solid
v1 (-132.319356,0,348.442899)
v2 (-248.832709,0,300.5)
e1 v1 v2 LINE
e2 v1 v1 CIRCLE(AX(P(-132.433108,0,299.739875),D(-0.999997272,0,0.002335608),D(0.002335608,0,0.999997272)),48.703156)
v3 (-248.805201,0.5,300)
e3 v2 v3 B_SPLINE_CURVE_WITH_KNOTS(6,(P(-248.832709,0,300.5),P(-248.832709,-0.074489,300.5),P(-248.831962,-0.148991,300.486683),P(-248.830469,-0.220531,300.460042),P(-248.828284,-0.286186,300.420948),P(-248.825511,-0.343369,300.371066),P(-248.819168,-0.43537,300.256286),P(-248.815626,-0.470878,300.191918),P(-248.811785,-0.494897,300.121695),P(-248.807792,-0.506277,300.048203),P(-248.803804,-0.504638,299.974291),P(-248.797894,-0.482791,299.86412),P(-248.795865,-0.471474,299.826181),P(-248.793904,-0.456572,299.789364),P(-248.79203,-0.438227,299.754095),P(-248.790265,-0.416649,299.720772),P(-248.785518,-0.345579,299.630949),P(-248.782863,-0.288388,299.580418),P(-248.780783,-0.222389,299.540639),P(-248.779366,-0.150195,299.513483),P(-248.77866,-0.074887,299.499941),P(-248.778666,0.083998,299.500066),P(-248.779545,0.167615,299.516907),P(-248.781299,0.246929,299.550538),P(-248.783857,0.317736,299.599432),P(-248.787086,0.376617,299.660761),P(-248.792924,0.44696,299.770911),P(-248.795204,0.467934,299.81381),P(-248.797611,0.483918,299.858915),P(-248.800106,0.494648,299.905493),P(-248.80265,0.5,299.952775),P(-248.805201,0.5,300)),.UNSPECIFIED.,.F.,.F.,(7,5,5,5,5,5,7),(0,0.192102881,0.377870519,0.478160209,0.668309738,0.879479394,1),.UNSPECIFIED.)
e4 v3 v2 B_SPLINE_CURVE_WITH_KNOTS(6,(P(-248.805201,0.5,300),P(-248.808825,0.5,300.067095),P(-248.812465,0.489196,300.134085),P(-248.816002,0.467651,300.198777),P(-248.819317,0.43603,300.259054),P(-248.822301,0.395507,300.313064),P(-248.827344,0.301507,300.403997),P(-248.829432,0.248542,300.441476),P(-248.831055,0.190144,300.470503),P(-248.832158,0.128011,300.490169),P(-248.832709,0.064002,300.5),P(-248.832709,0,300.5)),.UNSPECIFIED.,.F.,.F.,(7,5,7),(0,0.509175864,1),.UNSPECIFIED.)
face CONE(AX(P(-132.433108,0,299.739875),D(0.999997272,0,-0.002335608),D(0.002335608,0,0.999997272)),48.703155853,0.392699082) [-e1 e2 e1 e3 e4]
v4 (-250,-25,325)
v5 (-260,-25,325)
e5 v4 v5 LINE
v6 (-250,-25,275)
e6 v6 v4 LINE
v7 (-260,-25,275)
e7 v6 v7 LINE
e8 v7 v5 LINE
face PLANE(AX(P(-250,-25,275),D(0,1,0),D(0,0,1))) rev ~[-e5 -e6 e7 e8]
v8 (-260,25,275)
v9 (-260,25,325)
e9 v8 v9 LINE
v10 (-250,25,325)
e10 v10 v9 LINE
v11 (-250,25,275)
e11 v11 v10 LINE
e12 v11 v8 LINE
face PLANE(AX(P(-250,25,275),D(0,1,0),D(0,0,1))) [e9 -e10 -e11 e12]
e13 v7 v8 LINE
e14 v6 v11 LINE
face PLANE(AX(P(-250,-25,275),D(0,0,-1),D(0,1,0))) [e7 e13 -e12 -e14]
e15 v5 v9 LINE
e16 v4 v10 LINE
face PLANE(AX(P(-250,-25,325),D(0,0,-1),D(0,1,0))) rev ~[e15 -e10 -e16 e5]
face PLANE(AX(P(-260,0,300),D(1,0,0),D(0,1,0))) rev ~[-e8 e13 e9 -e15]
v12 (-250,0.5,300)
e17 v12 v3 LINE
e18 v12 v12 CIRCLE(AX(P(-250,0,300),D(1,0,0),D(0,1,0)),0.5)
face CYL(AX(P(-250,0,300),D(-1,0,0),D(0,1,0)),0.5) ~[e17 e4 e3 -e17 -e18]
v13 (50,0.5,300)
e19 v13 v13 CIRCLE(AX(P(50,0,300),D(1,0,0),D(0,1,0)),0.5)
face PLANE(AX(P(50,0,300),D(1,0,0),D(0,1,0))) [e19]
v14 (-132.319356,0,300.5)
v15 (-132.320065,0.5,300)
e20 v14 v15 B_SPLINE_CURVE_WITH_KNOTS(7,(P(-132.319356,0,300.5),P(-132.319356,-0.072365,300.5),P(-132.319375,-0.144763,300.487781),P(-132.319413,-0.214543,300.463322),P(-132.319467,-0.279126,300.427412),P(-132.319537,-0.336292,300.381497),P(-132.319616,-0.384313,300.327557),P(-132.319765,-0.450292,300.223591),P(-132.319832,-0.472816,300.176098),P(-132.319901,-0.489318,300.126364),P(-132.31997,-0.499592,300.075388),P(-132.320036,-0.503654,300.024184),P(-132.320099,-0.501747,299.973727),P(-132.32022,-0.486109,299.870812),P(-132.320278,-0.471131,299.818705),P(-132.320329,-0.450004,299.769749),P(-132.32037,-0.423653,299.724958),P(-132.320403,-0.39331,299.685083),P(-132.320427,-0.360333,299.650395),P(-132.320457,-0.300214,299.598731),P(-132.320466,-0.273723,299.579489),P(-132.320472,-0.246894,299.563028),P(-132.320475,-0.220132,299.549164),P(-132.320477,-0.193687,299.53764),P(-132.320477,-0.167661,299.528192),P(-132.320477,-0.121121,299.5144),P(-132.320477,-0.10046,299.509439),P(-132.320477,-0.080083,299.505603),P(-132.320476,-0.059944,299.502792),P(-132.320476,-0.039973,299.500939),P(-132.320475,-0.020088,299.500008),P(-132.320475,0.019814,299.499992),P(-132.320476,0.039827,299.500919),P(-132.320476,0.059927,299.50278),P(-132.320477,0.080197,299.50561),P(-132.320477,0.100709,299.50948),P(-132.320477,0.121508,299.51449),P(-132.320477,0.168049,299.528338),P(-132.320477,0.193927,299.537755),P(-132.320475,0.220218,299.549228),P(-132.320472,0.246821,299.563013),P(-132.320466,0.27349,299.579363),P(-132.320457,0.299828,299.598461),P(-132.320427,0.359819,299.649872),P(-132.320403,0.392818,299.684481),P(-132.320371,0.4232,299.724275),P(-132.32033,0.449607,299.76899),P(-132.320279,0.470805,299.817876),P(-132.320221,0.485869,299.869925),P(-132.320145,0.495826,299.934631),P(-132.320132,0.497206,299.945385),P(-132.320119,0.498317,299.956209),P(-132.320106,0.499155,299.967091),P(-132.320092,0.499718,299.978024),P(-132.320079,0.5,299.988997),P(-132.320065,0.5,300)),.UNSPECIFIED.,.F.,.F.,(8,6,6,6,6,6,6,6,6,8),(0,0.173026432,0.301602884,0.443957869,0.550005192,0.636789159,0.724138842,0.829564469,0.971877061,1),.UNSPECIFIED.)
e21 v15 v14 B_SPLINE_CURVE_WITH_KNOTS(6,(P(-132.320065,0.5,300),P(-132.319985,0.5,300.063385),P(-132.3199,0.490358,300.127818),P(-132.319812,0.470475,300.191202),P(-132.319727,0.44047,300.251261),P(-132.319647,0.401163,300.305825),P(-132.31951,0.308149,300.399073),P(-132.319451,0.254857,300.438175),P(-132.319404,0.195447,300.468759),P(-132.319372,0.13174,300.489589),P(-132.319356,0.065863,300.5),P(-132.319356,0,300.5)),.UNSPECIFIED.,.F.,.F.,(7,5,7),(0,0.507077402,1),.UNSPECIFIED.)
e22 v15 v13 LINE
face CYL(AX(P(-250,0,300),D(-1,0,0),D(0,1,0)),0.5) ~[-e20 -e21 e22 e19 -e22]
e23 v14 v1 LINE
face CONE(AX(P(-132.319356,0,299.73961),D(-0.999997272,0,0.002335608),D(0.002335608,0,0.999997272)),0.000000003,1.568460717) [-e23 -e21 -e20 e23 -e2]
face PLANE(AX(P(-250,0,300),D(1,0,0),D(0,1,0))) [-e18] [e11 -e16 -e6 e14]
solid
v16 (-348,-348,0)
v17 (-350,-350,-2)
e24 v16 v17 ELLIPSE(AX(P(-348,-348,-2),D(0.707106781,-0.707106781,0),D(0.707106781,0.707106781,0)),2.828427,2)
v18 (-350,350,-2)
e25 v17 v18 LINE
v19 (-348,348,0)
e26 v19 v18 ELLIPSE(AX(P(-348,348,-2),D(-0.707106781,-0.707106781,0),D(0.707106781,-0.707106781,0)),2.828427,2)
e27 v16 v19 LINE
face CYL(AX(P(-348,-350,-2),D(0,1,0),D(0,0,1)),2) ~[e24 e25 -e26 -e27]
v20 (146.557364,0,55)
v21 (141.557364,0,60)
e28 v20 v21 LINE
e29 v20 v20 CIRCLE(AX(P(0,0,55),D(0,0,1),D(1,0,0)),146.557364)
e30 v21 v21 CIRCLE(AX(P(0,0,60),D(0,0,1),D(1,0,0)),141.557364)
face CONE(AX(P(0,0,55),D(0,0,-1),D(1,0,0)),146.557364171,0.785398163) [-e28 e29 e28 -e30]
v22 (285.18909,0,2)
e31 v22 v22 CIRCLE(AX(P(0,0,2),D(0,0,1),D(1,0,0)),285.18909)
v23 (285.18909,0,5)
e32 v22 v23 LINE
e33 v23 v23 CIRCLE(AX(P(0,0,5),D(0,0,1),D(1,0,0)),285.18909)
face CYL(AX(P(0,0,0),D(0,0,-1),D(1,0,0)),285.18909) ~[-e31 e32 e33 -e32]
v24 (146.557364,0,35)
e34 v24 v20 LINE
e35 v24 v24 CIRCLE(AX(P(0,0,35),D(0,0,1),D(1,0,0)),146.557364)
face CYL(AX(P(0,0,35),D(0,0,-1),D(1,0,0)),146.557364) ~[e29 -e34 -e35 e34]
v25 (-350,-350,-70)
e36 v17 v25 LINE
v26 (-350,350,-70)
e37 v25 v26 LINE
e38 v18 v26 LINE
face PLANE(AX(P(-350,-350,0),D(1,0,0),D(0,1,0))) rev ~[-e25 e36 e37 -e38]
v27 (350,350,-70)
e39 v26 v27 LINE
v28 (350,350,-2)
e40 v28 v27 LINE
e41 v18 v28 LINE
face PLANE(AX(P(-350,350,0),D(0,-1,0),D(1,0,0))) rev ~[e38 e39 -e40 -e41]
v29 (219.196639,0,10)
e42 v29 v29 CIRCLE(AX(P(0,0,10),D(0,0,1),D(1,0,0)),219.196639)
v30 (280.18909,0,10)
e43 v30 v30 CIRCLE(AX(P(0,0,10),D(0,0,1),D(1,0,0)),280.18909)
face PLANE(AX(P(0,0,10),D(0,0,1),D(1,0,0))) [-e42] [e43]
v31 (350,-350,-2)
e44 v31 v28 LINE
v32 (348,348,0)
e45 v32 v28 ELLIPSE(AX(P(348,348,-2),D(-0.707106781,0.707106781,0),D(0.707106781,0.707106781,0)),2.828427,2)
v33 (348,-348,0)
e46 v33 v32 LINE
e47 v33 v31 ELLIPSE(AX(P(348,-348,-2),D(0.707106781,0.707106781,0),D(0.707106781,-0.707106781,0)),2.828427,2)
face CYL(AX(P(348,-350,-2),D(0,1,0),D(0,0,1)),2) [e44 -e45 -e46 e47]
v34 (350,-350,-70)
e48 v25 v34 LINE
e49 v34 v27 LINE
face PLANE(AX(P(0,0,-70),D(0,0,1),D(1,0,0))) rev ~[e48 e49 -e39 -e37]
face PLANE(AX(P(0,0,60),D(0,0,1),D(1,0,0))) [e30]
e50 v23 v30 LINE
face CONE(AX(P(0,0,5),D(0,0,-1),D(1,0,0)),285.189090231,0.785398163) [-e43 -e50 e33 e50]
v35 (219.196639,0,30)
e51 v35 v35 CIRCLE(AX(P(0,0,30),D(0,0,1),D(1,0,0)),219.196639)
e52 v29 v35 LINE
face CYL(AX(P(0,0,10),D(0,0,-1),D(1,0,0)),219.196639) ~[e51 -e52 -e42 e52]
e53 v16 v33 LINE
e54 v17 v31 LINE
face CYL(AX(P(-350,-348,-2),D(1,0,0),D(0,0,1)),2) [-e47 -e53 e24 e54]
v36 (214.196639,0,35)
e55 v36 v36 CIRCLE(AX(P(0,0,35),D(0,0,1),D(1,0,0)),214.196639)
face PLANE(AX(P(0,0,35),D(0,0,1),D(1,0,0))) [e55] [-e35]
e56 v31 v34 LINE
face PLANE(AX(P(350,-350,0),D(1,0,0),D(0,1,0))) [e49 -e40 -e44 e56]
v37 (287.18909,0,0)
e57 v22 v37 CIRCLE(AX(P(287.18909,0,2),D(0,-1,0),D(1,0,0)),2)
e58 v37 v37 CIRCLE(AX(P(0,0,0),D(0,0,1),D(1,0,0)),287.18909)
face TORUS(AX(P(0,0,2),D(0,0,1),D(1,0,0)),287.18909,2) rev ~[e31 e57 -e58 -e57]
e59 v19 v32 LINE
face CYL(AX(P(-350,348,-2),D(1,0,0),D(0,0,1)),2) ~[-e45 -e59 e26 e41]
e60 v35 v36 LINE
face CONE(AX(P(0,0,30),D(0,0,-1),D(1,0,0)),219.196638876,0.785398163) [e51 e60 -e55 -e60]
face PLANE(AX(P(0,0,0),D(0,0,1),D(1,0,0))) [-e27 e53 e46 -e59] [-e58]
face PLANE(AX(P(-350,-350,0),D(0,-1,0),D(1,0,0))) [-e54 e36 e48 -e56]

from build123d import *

# Parameters (mm, degrees)
F0_W      = 700
F0_H      = 700
F1_DEPTH  = 70
F2_R      = 285.1890902305
F3_DEPTH  = 10
F4_R      = 219.196638876
F5_DEPTH  = 25
F6_R      = 146.5573641712
F7_DEPTH  = 25
F9_W      = 50
F9_H      = 50
F10_DEPTH = 10
F11_R     = 0.5
F12_DEPTH = 300
F13_SIZE  = 5
F14_R     = 2


with BuildPart() as f1:
    # F0 (on Top) → F1 (new body)
    with BuildSketch(Plane.XY):
        Rectangle(F0_W, F0_H)
    extrude(amount=-F1_DEPTH)

    # F2 (on face) → F3 (join)
    with BuildSketch(Plane.XY):
        Circle(F2_R)
    extrude(amount=F3_DEPTH)

    # F4 (on face) → F5 (join)
    with BuildSketch(Plane.XY.offset(10)):
        Circle(F4_R)
    extrude(amount=F5_DEPTH)

    # F6 (on face) → F7 (join)
    with BuildSketch(Plane.XY.offset(35)):
        Circle(F6_R)
    extrude(amount=F7_DEPTH)

    # F13
    f13_edges = [f1.edges().sort_by_distance(p)[0] for p in [
        (-146.557364, 0, 60),
        (-219.196639, 0, 35),
        (-285.18909, 0, 10),
    ]]
    chamfer(f13_edges, length=F13_SIZE)

    # F14
    f14_edges = [f1.edges().sort_by_distance(p)[0] for p in [
        (0, -350, 0),
        (0, 350, 0),
        (350, 0, 0),
        (-350, 0, 0),
        (-285.18909, 0, 0),
    ]]
    fillet(f14_edges, radius=F14_R)


with BuildPart() as f10:
    # F9 (on offset) → F10 (new body)
    with BuildSketch(Plane.YZ.offset(-250)):
        with Locations((0, 300)):
            Rectangle(F9_W, F9_H)
    extrude(amount=-F10_DEPTH)

    # F11 (on face) → F12 (join)
    with BuildSketch(Plane.YZ.offset(-250)):
        with Locations((0, 300)):
            Circle(F11_R)
    extrude(amount=F12_DEPTH)

    # F15 (on Front) → F16 (revolve)
    with BuildSketch(Plane.XZ):
        Polygon((-132.3193562107, 348.4428985053), (-250.0126063824, 300.0144958496), (-132.3193562107, 299.7396098097), align=None)
    revolve(axis=Axis((-191.1659812966, 0, 299.8770528296), (-0.9999972725, 0, 0.0023356079)))


solid = Compound([f1.part, f10.part])
